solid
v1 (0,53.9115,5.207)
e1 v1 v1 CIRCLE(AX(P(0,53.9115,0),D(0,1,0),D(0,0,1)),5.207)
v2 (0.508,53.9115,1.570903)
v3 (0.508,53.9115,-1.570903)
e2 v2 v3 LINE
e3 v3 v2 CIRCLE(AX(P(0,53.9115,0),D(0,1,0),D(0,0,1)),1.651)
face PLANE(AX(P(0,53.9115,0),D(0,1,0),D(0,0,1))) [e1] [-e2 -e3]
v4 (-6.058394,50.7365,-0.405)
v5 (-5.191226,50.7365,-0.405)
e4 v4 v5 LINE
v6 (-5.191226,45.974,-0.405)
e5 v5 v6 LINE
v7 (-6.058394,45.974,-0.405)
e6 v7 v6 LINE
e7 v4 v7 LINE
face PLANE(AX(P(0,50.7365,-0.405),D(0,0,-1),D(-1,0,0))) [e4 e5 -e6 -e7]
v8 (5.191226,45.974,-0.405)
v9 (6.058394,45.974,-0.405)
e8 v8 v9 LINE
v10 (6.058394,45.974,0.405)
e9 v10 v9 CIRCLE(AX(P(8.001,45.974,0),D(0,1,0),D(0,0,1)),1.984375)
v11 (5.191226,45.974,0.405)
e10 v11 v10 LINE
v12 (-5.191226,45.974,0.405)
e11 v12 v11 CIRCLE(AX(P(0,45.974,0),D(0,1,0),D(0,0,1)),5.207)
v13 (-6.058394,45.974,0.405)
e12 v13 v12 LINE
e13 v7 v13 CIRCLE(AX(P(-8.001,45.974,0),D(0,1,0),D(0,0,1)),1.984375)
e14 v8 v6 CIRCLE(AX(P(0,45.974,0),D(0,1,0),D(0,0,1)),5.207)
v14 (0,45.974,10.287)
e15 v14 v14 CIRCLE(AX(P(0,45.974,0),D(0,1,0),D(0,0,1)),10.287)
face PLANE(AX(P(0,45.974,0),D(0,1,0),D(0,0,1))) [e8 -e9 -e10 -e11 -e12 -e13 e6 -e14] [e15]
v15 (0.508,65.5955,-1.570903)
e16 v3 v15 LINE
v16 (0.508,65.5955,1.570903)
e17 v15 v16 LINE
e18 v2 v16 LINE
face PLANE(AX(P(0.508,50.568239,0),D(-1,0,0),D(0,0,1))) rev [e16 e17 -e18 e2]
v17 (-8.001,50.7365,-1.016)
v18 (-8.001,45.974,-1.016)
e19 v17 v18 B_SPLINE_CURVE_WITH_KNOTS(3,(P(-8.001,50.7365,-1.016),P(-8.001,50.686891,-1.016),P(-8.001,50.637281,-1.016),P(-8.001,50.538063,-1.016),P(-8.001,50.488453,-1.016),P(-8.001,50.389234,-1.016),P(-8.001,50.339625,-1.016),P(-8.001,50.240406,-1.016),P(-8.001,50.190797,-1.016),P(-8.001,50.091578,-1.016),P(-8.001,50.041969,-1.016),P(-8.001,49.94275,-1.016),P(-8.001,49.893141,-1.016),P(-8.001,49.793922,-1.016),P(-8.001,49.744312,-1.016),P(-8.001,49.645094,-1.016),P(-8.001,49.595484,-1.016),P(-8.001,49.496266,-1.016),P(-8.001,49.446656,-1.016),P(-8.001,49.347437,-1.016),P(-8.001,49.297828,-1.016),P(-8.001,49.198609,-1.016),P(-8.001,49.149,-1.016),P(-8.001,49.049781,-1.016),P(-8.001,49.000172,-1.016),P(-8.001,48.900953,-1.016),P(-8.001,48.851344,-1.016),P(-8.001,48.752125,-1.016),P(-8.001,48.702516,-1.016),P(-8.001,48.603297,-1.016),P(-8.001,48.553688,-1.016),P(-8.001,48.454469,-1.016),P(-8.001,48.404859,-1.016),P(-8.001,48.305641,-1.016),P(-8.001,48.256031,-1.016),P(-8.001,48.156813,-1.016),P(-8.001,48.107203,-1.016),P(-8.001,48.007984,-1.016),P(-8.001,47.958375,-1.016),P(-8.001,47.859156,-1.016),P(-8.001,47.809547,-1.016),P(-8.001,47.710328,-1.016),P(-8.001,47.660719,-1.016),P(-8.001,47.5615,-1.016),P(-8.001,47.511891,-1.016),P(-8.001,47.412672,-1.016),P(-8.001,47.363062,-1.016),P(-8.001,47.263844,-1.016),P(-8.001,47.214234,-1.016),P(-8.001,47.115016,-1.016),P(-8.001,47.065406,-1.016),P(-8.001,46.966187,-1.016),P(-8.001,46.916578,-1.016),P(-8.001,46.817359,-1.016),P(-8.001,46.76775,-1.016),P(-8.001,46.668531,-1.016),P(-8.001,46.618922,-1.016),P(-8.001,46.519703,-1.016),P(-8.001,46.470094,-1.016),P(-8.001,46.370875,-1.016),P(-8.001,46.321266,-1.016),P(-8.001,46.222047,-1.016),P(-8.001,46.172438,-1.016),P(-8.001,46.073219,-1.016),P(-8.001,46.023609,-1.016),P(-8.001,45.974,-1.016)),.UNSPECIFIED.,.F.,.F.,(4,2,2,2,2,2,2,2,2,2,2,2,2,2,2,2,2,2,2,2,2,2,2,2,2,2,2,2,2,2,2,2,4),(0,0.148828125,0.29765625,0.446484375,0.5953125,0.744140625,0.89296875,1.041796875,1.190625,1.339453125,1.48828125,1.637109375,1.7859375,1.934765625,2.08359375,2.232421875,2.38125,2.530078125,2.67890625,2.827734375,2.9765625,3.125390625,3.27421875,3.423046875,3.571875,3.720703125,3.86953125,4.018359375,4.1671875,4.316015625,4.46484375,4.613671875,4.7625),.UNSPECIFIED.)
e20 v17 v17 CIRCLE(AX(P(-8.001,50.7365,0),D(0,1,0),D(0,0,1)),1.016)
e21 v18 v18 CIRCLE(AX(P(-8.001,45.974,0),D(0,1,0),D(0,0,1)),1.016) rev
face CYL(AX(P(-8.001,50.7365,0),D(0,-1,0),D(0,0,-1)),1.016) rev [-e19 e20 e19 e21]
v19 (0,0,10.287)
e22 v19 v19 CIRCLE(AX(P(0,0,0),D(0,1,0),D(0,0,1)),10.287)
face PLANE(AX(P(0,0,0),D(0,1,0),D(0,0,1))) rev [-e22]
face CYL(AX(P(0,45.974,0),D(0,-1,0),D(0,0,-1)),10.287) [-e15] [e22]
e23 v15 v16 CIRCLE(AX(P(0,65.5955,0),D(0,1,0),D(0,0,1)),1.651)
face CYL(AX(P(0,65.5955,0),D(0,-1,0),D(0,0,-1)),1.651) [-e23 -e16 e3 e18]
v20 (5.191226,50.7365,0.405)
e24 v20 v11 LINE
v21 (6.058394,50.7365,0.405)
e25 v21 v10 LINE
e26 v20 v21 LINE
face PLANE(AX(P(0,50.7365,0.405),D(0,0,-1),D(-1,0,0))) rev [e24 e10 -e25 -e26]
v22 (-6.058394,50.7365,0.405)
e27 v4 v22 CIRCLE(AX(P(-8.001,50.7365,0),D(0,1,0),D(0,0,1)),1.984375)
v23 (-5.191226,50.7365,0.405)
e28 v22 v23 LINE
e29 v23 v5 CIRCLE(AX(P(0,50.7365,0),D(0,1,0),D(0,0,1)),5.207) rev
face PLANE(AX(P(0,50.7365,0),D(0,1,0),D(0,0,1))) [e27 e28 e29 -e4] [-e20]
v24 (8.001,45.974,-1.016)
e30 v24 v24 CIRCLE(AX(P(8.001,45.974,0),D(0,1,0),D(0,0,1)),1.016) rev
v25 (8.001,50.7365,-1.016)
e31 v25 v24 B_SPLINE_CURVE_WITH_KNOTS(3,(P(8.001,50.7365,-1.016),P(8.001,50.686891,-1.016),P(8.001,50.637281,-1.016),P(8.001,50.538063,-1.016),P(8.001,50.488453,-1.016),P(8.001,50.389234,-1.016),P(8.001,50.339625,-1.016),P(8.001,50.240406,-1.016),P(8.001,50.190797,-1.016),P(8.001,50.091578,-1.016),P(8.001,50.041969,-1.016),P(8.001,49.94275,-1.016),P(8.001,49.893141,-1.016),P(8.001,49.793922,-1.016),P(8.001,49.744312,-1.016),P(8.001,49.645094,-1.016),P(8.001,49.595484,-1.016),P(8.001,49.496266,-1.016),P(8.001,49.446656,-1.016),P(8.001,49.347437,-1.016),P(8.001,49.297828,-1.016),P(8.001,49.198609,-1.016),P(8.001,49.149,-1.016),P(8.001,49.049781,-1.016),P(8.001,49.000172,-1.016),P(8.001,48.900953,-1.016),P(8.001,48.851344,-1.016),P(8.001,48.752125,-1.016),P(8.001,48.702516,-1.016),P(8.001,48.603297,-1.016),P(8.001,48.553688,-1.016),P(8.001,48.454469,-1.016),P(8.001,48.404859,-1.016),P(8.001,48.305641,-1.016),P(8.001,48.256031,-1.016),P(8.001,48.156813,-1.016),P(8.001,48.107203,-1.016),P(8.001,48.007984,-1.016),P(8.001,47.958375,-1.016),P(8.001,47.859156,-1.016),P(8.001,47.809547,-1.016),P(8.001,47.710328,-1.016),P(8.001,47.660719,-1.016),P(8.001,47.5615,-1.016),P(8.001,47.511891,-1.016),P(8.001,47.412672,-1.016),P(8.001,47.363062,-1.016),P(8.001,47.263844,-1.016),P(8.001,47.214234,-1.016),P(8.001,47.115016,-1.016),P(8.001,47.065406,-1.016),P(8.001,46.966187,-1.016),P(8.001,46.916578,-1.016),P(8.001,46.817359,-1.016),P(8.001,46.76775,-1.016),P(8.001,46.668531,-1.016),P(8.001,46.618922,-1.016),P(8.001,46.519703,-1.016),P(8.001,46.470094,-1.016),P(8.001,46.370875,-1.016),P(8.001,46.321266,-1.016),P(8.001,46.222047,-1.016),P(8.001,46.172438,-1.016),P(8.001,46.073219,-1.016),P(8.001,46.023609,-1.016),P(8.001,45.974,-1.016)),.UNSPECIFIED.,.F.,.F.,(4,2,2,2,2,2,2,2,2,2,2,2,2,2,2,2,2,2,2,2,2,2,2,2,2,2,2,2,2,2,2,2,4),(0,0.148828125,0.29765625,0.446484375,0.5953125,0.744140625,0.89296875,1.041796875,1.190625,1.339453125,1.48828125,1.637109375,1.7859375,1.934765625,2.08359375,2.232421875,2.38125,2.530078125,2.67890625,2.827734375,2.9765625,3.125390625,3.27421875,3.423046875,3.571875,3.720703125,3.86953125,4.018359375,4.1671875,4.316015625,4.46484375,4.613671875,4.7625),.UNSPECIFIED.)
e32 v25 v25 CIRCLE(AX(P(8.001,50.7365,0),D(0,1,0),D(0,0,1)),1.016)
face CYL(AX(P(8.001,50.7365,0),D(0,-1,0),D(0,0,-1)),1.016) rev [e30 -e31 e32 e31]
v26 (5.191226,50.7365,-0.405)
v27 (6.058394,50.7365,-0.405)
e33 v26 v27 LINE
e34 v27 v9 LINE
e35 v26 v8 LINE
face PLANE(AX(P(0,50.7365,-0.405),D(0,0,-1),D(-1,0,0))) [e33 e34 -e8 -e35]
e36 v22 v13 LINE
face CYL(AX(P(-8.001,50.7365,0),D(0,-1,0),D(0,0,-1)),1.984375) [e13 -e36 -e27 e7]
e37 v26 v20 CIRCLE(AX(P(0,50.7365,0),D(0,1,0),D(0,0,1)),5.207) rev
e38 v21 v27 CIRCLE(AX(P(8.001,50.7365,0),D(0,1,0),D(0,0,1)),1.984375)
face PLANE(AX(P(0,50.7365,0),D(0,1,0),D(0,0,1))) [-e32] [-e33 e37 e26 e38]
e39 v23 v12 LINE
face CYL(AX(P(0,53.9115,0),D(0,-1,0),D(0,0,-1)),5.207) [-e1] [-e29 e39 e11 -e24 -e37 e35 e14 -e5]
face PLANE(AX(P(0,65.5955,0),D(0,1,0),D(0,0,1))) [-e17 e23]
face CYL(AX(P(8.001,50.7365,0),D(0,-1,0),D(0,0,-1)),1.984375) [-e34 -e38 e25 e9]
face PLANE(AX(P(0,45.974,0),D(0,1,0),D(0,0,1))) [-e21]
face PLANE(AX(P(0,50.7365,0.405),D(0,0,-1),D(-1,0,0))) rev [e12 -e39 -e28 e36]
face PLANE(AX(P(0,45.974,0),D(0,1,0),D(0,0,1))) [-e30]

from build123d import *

# Parameters (mm, degrees)
SKETCH1_R           = 10.287
BOSS_EXTRUDE1_DEPTH = 45.974
SKETCH2_R           = 5.207
BOSS_EXTRUDE2_DEPTH = 7.9375
SKETCH3_R           = 1.651
BOSS_EXTRUDE3_DEPTH = 11.684
SKETCH4_R           = 1.984375
SKETCH4_R_2         = 1.016
SKETCH4_W           = 12.957418184
SKETCH4_H           = 0.81
BOSS_EXTRUDE5_DEPTH = 4.7625
CUT_EXTRUDE1_DEPTH  = 11.684


with BuildPart() as part:
    # Sketch1 → Boss-Extrude1 (new body)
    with BuildSketch(Plane(origin=(0, 0, 0), x_dir=(1, 0, 0), z_dir=(0, 1, 0))):
        with Locations(Location((0, 0, 0), (0, 0, 270))):
            Circle(SKETCH1_R)
    extrude(amount=BOSS_EXTRUDE1_DEPTH)

    # Sketch2 → Boss-Extrude2 (add)
    with BuildSketch(Plane(origin=(0, 45.974, 0), x_dir=(1, 0, 0), z_dir=(0, 1, 0))):
        with Locations(Location((0, 0, 0), (0, 0, 270))):
            Circle(SKETCH2_R)
    extrude(amount=BOSS_EXTRUDE2_DEPTH)

    # Sketch3 → Boss-Extrude3 (add)
    with BuildSketch(Plane(origin=(0, 53.9115, 0), x_dir=(1, 0, 0), z_dir=(0, 1, 0))):
        with Locations(Location((0, 0, 0), (0, 0, 270))):
            Circle(SKETCH3_R)
    extrude(amount=BOSS_EXTRUDE3_DEPTH)

    # Sketch4 → Boss-Extrude5 (add)
    # profile 1 of 3: a face of its own
    with BuildSketch(Plane(origin=(0, 45.974, 0), x_dir=(1, 0, 0), z_dir=(0, 1, 0))):
        with Locations((-8.001, 0)):
            Circle(SKETCH4_R)
        with Locations(Location((-8.001, 0, 0), (0, 0, 90))):
            Circle(SKETCH4_R_2, mode=Mode.SUBTRACT)
    # profile 2 of 3: a face of its own
    with BuildSketch(Plane(origin=(0, 45.974, 0), x_dir=(1, 0, 0), z_dir=(0, 1, 0))):
        with Locations((8.001, 0)):
            Circle(SKETCH4_R)
        with Locations(Location((8.001, 0, 0), (0, 0, 90))):
            Circle(SKETCH4_R_2, mode=Mode.SUBTRACT)
    # profile 3 of 3: a face of its own
    with BuildSketch(Plane(origin=(0, 45.974, 0), x_dir=(1, 0, 0), z_dir=(0, 1, 0))):
        with Locations((0.016128597, 0)):
            Rectangle(SKETCH4_W, SKETCH4_H)
    extrude(amount=BOSS_EXTRUDE5_DEPTH)

    # Sketch5 → Cut-Extrude1 (cut)
    with BuildSketch(Plane(origin=(0, 65.5955, 0), x_dir=(1, 0, 0), z_dir=(0, 1, 0))):
        Polygon((0.508, 43.642192231), (0.508, 1.570903243), (0.508, -1.570903243), (0.508, -43.642192231), (84.650577975, -43.642192231), (84.650577975, 43.642192231), align=None)
    extrude(amount=-CUT_EXTRUDE1_DEPTH, mode=Mode.SUBTRACT)


solid = part.part
